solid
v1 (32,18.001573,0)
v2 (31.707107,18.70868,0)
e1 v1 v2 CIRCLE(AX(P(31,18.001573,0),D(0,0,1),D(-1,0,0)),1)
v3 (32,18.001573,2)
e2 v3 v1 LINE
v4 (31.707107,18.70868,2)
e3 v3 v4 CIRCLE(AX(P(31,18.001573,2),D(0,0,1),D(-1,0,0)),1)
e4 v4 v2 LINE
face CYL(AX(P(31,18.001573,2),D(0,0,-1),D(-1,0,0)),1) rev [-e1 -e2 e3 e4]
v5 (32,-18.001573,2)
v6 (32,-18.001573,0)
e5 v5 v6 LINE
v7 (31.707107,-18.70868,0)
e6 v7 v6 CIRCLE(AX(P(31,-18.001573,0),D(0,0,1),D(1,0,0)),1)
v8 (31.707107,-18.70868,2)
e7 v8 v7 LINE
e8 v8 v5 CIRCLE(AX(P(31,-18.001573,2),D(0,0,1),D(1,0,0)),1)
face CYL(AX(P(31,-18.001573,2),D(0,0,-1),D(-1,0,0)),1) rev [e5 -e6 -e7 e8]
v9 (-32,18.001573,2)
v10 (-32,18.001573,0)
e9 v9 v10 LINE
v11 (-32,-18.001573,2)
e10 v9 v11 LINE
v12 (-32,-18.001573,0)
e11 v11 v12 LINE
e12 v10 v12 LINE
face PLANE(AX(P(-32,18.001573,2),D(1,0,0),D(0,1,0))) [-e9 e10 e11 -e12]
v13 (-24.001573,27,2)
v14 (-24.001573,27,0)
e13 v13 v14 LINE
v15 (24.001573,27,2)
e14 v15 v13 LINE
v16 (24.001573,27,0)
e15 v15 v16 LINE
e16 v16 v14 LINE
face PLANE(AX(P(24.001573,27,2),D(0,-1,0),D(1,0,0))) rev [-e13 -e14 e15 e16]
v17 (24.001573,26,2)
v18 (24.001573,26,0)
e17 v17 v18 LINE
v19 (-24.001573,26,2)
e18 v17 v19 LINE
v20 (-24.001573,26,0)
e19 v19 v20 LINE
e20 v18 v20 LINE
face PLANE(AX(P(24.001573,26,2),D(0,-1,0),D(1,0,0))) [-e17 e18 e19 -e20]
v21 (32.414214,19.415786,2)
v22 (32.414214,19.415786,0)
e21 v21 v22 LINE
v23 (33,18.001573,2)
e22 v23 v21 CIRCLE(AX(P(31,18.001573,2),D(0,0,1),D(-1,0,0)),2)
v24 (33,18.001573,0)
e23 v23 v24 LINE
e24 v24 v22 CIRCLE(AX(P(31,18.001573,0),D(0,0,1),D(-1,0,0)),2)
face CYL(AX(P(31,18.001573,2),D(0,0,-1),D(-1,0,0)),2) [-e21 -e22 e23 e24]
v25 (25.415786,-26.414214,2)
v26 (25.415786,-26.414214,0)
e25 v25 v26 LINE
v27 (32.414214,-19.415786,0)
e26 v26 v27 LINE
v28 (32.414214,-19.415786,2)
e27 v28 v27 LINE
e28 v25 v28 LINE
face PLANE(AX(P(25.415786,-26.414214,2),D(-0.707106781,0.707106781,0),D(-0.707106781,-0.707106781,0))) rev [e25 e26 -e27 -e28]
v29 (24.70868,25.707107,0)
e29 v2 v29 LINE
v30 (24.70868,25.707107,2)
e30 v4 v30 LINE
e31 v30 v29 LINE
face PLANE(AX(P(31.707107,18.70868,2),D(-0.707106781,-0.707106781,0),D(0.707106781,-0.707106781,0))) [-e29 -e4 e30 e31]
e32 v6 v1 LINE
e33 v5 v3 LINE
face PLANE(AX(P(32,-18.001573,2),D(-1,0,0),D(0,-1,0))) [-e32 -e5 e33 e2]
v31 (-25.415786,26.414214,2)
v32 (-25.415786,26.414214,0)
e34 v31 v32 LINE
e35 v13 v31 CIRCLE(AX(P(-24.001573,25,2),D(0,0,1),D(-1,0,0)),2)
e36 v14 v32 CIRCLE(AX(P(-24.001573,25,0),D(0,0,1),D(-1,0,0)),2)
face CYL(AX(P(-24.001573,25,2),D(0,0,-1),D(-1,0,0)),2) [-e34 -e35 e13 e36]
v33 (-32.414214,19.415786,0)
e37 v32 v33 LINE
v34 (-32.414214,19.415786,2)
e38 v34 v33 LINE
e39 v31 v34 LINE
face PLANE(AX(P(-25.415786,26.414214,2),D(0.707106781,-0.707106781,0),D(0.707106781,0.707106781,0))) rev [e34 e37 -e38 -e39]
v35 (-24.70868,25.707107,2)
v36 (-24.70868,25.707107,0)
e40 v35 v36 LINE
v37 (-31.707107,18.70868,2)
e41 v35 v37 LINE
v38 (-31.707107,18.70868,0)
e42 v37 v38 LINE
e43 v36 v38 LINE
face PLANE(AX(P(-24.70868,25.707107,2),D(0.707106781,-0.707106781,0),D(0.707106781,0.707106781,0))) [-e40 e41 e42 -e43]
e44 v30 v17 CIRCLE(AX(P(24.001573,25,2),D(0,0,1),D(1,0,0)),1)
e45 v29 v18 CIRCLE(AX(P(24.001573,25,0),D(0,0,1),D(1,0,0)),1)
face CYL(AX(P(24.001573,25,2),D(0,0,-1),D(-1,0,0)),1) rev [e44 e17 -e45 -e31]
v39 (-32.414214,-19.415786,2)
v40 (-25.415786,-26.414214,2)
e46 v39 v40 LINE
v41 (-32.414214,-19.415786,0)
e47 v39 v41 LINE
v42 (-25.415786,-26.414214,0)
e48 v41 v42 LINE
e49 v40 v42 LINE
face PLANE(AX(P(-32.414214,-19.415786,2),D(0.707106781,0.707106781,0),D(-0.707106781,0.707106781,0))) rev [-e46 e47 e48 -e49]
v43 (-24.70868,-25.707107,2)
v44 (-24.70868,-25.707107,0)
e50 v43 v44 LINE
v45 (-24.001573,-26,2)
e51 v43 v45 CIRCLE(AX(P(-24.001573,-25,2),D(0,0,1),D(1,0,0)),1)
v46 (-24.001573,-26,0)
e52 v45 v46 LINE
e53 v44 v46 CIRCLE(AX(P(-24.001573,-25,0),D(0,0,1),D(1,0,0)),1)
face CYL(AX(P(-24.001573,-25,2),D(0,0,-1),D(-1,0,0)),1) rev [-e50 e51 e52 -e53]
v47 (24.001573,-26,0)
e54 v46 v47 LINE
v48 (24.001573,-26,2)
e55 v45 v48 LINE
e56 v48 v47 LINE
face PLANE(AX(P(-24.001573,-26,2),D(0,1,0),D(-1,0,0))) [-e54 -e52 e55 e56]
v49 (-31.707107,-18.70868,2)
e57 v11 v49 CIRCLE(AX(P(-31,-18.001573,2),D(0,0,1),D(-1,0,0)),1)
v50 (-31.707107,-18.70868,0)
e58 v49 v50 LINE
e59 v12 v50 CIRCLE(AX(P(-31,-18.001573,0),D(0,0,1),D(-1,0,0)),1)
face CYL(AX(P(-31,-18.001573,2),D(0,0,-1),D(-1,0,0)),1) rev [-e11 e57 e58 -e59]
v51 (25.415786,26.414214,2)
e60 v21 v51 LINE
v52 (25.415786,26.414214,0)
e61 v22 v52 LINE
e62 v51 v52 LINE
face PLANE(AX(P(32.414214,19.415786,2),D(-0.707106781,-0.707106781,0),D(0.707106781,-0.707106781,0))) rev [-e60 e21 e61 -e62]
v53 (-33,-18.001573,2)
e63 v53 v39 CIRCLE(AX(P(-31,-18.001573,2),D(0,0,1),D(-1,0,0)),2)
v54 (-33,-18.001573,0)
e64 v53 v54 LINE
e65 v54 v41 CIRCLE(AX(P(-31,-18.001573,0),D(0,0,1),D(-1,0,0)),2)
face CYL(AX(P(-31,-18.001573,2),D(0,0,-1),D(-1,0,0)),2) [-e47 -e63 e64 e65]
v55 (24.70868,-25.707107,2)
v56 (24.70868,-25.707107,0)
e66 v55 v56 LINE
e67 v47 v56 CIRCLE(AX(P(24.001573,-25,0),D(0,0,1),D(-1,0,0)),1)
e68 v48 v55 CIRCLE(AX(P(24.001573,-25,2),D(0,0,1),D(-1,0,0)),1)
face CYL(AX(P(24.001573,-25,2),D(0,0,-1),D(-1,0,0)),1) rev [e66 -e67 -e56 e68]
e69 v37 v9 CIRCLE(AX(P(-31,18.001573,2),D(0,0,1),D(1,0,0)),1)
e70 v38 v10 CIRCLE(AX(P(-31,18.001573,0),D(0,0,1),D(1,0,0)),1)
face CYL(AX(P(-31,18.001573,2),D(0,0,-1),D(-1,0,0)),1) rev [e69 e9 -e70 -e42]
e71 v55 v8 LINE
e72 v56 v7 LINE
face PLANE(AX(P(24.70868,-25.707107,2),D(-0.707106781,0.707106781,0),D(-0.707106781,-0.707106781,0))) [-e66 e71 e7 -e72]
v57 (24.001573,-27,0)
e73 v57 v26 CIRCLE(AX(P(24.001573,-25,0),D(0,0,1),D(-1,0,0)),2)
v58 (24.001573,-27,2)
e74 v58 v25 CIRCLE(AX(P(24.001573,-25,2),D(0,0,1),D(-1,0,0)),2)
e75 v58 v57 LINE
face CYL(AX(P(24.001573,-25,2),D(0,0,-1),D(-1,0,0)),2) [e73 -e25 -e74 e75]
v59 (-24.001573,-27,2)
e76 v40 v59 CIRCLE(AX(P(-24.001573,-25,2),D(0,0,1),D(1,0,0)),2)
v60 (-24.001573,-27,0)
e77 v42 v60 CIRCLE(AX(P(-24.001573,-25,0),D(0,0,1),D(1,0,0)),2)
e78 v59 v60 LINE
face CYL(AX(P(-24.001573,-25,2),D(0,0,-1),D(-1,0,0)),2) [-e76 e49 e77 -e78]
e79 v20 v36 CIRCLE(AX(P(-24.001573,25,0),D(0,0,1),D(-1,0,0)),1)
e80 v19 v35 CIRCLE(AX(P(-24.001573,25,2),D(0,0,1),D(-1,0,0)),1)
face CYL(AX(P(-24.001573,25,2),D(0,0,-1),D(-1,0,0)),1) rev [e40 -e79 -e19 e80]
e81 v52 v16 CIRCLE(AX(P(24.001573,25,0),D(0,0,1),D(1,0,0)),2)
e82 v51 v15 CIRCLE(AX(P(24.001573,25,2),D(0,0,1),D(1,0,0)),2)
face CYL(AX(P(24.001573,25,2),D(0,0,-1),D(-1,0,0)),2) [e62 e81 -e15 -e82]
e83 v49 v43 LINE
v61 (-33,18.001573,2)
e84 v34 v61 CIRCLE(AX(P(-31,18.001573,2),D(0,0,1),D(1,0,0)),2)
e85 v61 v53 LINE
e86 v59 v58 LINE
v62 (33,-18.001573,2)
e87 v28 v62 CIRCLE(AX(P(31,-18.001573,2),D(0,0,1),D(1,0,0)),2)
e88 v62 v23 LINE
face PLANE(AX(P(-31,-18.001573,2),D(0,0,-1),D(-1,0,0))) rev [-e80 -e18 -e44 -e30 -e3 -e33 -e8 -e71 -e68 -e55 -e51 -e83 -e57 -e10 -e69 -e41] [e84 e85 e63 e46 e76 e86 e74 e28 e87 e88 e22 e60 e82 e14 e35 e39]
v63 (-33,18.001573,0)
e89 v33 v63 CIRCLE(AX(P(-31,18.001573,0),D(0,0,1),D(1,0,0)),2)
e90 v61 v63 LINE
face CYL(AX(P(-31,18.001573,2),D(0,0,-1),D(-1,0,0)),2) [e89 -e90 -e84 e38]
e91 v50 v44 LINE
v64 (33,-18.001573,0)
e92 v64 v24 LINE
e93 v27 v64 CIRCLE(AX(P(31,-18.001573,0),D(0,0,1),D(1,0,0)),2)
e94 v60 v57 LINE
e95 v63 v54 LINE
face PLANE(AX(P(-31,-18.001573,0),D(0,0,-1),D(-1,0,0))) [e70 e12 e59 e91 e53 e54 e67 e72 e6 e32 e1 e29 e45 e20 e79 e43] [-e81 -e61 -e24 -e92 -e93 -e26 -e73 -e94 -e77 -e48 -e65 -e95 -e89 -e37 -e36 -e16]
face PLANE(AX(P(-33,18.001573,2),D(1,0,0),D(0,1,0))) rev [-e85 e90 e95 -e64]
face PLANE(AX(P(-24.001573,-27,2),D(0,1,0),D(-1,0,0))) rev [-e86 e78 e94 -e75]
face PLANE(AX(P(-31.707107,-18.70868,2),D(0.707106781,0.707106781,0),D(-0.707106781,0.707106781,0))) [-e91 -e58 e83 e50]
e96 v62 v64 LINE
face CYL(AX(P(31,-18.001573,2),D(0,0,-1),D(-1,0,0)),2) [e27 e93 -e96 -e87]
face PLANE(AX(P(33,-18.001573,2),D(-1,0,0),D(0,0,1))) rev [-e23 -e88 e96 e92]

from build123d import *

# Parameters (mm, degrees)
BOSS_EXTRU_1_DEPTH = 2


with BuildPart() as part:
    # Esquisse1 → Boss.-Extru.1 (new body)
    with BuildSketch(Plane.XY):
        with BuildLine():
            Line((-24.001572875, -27), (24.001572875, -27))
            ThreePointArc((24.001572875, -27), (24.76693974, -26.847759065), (25.415786438, -26.414213562))
            Line((25.415786438, -26.414213562), (32.414213562, -19.415786438))
            ThreePointArc((32.414213562, -19.415786438), (32.847759065, -18.76693974), (33, -18.001572875))
            Line((33, -18.001572875), (33, 18.001572875))
            ThreePointArc((33, 18.001572875), (32.847759065, 18.76693974), (32.414213562, 19.415786438))
            Line((32.414213562, 19.415786438), (25.415786438, 26.414213562))
            ThreePointArc((25.415786438, 26.414213562), (24.76693974, 26.847759065), (24.001572875, 27))
            Line((24.001572875, 27), (-24.001572875, 27))
            ThreePointArc((-24.001572875, 27), (-24.76693974, 26.847759065), (-25.415786438, 26.414213562))
            Line((-25.415786438, 26.414213562), (-32.414213562, 19.415786438))
            ThreePointArc((-32.414213562, 19.415786438), (-32.847759065, 18.76693974), (-33, 18.001572875))
            Line((-33, 18.001572875), (-33, -18.001572875))
            ThreePointArc((-33, -18.001572875), (-32.847759065, -18.76693974), (-32.414213562, -19.415786438))
            Line((-32.414213562, -19.415786438), (-25.415786438, -26.414213562))
            ThreePointArc((-25.415786438, -26.414213562), (-24.76693974, -26.847759065), (-24.001572875, -27))
        make_face()
        with BuildLine():
            Line((24.001572875, 26), (-24.001572875, 26))
            ThreePointArc((-24.001572875, 26), (-24.384256308, 25.923879533), (-24.708679656, 25.707106781))
            Line((-24.708679656, 25.707106781), (-31.707106781, 18.708679656))
            ThreePointArc((-31.707106781, 18.708679656), (-31.923879533, 18.384256308), (-32, 18.001572875))
            Line((-32, 18.001572875), (-32, -18.001572875))
            ThreePointArc((-32, -18.001572875), (-31.923879533, -18.384256308), (-31.707106781, -18.708679656))
            Line((-31.707106781, -18.708679656), (-24.708679656, -25.707106781))
            ThreePointArc((-24.708679656, -25.707106781), (-24.384256308, -25.923879533), (-24.001572875, -26))
            Line((-24.001572875, -26), (24.001572875, -26))
            ThreePointArc((24.001572875, -26), (24.384256308, -25.923879533), (24.708679656, -25.707106781))
            Line((24.708679656, -25.707106781), (31.707106781, -18.708679656))
            ThreePointArc((31.707106781, -18.708679656), (31.923879533, -18.384256308), (32, -18.001572875))
            Line((32, -18.001572875), (32, 18.001572875))
            ThreePointArc((32, 18.001572875), (31.923879533, 18.384256308), (31.707106781, 18.708679656))
            Line((31.707106781, 18.708679656), (24.708679656, 25.707106781))
            ThreePointArc((24.708679656, 25.707106781), (24.384256308, 25.923879533), (24.001572875, 26))
        make_face(mode=Mode.SUBTRACT)
    extrude(amount=BOSS_EXTRU_1_DEPTH)


solid = part.part
